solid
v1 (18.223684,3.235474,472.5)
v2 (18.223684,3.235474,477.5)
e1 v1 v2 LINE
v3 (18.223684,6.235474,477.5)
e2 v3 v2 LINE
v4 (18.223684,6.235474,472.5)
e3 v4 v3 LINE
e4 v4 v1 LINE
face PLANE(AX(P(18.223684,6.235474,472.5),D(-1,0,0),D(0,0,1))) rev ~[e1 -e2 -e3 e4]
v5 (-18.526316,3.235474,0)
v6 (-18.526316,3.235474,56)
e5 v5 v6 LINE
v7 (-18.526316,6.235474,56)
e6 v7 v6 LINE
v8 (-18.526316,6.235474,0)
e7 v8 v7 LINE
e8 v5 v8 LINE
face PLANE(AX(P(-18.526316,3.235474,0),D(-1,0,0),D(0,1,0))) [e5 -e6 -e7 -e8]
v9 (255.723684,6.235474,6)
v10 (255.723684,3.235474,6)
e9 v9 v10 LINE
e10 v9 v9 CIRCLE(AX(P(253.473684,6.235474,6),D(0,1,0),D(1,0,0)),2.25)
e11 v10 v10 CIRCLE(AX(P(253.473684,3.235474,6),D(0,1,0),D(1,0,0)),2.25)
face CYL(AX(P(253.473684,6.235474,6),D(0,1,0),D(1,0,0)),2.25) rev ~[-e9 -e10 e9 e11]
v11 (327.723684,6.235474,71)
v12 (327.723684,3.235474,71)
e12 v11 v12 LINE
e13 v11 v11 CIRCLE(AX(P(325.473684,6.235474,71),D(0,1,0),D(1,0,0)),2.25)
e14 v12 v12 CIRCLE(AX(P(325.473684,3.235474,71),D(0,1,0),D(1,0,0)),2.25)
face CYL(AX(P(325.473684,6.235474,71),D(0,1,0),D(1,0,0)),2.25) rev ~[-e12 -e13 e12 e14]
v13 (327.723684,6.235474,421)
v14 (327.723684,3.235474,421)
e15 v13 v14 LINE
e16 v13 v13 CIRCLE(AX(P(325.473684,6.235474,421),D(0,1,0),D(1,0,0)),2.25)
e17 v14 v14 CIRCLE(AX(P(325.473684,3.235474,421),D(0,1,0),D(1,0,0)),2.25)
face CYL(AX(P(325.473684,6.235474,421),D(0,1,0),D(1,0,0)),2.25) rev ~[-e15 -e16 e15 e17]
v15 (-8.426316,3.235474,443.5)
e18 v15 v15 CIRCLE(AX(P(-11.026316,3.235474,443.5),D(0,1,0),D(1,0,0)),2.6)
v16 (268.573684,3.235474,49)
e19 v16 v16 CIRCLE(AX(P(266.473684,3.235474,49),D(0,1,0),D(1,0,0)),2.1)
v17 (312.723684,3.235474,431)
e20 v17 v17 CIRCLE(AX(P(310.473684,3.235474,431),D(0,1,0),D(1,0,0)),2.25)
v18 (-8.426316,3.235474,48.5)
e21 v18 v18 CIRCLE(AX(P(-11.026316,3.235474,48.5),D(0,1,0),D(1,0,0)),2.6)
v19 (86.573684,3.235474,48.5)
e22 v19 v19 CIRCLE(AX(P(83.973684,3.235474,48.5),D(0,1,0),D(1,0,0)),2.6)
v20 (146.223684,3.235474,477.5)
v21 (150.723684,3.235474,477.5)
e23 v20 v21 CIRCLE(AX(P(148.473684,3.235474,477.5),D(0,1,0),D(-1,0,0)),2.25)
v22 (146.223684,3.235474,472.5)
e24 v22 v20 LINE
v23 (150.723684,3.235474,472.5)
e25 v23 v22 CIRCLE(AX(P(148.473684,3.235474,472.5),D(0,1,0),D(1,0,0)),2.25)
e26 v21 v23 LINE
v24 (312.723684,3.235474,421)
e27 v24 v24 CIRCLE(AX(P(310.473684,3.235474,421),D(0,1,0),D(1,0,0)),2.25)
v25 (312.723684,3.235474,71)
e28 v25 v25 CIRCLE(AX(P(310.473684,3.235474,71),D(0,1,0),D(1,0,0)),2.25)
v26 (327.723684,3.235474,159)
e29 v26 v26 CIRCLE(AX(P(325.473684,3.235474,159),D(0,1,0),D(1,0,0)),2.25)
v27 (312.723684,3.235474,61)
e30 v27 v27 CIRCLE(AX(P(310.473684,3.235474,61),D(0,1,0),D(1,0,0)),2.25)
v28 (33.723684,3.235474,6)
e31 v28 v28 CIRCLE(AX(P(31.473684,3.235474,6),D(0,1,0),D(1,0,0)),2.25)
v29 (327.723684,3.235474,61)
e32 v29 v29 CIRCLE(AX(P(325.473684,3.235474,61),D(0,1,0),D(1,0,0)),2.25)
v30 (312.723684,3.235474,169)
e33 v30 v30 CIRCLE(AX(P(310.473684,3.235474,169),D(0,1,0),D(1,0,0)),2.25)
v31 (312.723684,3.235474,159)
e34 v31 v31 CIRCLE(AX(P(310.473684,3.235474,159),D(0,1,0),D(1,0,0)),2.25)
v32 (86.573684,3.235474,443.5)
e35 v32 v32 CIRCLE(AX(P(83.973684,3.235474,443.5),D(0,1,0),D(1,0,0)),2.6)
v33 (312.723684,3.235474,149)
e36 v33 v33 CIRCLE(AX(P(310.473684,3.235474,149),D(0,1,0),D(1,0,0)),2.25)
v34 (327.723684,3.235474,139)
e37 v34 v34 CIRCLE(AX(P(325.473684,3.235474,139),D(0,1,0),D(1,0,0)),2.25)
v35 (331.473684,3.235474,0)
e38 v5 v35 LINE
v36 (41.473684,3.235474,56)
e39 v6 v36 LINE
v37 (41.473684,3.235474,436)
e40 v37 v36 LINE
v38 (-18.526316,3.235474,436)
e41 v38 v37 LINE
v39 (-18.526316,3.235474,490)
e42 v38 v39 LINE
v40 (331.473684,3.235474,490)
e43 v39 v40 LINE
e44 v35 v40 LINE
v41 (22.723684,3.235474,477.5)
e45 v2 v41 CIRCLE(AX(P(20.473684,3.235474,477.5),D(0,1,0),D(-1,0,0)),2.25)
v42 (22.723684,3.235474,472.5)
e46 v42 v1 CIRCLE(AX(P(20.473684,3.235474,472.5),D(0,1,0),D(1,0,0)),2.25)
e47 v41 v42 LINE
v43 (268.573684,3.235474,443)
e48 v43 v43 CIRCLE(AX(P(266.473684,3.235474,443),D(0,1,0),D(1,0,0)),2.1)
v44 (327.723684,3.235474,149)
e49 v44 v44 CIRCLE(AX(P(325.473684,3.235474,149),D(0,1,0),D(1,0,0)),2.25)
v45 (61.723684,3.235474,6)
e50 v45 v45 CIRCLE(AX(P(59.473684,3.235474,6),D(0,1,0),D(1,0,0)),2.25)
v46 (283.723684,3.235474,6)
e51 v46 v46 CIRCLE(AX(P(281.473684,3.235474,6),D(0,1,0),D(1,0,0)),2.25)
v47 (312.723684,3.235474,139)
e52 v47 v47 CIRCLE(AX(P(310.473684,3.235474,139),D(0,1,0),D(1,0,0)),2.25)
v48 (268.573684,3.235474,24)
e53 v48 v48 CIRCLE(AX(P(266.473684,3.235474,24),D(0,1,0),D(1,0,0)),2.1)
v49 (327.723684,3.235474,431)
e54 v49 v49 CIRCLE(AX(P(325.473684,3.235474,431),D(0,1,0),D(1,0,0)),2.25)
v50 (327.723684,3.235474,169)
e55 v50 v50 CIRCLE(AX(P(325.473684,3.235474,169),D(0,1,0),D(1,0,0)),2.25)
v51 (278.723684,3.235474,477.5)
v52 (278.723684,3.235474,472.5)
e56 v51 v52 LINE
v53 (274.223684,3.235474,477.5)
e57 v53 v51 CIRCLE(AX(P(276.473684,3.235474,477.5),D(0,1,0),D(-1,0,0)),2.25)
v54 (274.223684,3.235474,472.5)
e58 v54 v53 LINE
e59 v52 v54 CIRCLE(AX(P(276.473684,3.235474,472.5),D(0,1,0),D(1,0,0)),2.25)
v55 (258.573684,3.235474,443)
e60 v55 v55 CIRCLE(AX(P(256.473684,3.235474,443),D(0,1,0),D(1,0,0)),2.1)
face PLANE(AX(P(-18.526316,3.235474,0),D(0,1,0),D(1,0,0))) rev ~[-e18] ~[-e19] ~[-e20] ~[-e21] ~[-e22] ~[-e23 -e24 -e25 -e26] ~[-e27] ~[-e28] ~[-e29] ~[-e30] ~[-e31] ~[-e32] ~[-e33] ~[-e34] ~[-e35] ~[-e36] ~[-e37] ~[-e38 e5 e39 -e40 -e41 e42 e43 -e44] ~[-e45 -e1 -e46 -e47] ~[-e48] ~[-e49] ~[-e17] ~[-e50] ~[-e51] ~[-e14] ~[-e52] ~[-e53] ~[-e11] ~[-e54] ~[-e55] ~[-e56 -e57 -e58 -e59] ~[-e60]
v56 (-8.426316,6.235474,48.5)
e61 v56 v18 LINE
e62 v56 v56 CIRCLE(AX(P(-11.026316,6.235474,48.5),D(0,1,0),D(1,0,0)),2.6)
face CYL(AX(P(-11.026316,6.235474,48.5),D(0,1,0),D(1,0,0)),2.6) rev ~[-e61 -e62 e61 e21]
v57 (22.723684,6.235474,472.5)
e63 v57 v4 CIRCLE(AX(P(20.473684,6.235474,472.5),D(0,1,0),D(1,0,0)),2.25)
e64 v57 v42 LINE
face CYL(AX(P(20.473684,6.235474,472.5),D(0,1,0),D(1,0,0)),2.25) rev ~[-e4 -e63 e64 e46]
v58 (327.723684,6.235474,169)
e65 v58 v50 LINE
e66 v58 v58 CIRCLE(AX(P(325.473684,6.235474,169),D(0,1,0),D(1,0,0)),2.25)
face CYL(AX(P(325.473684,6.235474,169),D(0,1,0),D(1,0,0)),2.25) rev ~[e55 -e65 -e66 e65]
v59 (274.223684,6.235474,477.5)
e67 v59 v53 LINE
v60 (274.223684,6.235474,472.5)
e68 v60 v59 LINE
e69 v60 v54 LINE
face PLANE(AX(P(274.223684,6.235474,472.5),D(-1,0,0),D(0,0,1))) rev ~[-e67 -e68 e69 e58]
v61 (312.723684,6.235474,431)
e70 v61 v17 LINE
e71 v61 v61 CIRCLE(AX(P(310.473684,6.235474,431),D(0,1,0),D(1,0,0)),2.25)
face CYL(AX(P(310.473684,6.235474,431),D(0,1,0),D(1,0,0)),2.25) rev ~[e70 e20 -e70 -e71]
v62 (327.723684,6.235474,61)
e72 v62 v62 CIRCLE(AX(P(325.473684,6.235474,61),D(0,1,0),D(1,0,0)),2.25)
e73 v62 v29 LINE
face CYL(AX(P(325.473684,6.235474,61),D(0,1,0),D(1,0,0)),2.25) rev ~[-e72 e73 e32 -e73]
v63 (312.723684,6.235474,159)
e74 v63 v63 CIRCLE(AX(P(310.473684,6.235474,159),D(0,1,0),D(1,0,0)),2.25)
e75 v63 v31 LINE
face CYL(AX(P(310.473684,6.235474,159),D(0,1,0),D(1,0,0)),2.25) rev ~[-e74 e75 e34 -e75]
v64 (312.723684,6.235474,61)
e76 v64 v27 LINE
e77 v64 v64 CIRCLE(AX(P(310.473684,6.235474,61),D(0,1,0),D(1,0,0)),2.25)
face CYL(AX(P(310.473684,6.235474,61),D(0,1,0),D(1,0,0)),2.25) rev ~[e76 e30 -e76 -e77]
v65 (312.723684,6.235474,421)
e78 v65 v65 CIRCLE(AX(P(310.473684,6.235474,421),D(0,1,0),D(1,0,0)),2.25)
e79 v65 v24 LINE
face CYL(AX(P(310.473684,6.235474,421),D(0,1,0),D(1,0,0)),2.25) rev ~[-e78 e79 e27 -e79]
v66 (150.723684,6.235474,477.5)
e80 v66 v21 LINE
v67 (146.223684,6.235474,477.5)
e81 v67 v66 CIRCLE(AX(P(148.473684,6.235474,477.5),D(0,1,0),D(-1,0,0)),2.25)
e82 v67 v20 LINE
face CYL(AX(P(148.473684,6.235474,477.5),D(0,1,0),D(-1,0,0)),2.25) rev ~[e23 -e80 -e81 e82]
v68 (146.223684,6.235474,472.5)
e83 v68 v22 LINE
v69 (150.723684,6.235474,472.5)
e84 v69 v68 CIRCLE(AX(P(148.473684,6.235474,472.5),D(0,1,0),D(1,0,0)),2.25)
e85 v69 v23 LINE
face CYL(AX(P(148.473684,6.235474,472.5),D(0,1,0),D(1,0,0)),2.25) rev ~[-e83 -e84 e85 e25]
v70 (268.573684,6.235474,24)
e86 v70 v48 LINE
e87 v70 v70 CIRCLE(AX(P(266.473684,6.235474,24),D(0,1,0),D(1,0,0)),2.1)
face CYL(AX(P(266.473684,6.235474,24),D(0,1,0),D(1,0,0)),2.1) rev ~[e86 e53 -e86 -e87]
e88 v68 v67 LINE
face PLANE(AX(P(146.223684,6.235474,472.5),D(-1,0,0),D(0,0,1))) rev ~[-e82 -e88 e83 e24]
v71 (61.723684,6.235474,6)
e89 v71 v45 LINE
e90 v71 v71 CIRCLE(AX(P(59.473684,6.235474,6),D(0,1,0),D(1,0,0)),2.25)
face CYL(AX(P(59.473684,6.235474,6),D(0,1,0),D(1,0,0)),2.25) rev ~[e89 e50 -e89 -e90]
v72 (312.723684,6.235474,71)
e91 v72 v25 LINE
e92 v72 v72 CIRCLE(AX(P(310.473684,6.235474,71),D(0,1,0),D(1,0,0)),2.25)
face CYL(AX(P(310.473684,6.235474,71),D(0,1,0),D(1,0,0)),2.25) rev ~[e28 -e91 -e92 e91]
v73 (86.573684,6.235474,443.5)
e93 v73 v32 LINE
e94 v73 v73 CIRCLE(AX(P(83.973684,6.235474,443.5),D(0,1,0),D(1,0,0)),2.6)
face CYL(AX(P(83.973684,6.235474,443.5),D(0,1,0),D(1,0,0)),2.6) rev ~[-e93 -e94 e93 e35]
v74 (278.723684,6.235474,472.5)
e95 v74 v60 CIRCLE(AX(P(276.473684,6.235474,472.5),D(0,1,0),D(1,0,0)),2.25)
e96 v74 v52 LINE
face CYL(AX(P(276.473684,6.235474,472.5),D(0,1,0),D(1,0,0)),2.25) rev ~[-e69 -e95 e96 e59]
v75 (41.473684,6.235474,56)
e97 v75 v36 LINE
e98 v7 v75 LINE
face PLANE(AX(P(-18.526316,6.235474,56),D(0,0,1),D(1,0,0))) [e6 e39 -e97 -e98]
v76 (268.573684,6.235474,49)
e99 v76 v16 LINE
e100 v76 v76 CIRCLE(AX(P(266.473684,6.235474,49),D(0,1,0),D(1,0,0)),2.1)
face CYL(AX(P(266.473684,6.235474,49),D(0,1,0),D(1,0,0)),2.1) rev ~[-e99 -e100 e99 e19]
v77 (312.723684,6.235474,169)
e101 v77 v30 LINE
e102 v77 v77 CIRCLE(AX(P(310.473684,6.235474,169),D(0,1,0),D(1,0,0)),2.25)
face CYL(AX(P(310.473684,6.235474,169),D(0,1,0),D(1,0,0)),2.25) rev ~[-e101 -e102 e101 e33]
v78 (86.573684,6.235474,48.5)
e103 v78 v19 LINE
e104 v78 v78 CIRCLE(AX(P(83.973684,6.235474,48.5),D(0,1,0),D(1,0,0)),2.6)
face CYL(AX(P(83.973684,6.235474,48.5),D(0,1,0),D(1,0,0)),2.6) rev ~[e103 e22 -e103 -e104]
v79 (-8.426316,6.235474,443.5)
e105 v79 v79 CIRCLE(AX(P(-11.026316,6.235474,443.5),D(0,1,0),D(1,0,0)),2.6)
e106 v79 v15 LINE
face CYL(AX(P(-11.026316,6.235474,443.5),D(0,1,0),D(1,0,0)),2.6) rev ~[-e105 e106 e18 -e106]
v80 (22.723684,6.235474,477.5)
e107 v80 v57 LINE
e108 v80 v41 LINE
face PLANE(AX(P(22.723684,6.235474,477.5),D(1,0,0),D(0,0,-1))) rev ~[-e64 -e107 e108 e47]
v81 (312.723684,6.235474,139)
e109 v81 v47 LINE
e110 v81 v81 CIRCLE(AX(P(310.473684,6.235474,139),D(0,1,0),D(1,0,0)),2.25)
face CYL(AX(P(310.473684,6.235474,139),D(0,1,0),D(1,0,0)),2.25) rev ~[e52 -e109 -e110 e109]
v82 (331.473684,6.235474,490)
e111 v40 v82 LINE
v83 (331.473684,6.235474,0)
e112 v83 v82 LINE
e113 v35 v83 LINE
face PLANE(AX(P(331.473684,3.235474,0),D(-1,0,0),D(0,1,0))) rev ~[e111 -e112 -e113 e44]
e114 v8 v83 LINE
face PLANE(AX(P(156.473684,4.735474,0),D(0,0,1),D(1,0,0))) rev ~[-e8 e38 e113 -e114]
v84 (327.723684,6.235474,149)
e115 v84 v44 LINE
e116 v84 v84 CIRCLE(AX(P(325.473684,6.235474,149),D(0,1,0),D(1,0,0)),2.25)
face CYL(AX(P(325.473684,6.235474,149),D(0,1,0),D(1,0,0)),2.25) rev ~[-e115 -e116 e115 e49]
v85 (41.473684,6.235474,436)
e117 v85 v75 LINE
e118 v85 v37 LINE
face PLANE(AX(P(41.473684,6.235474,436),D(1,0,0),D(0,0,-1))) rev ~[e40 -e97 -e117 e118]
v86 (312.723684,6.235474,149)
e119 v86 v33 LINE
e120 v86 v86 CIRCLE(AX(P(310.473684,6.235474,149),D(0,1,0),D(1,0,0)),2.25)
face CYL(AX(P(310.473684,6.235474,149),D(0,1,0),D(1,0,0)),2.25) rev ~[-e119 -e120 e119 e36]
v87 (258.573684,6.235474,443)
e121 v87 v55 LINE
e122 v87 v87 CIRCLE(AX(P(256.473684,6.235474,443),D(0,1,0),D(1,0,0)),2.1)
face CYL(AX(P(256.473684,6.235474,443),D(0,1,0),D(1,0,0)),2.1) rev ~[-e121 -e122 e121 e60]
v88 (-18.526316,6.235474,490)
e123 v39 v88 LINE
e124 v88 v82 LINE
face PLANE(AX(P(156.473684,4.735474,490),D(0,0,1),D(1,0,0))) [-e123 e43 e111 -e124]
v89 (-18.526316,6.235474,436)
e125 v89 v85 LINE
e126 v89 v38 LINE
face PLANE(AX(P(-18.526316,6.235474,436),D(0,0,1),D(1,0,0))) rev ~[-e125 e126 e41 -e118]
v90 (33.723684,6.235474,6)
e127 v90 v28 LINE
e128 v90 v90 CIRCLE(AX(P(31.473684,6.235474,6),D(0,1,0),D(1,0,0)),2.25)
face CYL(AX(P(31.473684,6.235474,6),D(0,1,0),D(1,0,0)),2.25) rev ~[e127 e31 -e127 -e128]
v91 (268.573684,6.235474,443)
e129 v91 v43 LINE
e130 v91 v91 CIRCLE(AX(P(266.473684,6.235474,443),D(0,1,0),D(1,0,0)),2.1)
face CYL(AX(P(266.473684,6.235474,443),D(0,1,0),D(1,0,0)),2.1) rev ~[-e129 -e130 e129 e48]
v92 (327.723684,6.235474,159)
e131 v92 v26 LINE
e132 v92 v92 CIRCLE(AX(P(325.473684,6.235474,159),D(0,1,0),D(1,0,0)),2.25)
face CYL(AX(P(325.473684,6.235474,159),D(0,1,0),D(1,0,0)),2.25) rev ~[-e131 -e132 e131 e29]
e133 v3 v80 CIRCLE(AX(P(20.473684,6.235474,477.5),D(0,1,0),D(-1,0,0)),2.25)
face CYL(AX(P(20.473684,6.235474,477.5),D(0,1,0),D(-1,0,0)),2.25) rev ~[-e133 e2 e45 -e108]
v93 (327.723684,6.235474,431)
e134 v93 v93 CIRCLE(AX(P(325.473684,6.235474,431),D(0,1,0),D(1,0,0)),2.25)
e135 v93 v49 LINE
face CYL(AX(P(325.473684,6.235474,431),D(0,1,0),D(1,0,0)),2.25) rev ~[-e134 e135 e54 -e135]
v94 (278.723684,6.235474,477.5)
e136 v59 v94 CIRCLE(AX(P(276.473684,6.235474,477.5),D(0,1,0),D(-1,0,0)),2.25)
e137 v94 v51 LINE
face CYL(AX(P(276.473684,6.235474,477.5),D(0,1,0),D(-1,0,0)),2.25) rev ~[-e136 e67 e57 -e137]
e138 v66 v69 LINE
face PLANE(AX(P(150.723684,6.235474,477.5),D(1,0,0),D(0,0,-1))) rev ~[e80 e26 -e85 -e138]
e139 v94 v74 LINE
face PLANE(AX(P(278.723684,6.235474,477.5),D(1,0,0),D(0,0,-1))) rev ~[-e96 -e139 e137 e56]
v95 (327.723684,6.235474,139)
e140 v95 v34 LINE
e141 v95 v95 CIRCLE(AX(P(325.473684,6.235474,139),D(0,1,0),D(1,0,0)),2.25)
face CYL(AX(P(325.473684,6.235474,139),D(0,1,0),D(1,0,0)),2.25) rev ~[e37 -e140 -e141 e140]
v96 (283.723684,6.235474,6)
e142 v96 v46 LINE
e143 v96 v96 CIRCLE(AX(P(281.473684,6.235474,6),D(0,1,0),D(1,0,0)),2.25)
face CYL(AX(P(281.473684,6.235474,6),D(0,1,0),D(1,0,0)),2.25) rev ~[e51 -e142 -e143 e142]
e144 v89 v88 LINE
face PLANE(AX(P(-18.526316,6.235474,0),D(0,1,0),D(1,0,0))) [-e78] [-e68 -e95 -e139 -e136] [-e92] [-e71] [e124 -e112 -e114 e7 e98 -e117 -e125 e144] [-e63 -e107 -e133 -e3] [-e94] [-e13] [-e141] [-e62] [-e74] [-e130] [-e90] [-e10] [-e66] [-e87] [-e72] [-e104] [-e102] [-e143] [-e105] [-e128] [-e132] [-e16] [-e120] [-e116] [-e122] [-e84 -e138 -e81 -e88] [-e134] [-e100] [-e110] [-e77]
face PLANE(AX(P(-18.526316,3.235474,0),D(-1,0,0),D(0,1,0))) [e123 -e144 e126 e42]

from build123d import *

# Parameters (mm, degrees)
SKETCH_1_W          = 350
SKETCH_1_H          = 3
EXTRUDE_1_DEPTH     = 490
SKETCH_2_R          = 2.6
SKETCH_2_R_2        = 2.25
SKETCH_2_R_3        = 2.1
SKETCH_2_W          = 60
SKETCH_2_H          = 380
CUT_EXTRUDE_1_DEPTH = 50


with BuildPart() as part:
    # 草图1 → 凸台-拉伸1 (new body)
    with BuildSketch(Plane.XY):
        with Locations((156.473684211, 4.735473664)):
            Rectangle(SKETCH_1_W, SKETCH_1_H)
    extrude(amount=EXTRUDE_1_DEPTH)

    # 草图2 → 切除-拉伸1 (cut)
    with BuildSketch(Plane(origin=(0, 6.235473664, 0), x_dir=(1, 0, 0), z_dir=(0, 1, 0))):
        with Locations((-11.026315789, -48.5)):
            Circle(SKETCH_2_R)
        with Locations((83.973684211, -48.5)):
            Circle(SKETCH_2_R)
        with Locations((-11.026315789, -443.5)):
            Circle(SKETCH_2_R)
        with Locations((83.973684211, -443.5)):
            Circle(SKETCH_2_R)
        with Locations((310.473684211, -159)):
            Circle(SKETCH_2_R_2)
        with Locations((325.473684211, -159)):
            Circle(SKETCH_2_R_2)
        with Locations((325.473684211, -169)):
            Circle(SKETCH_2_R_2)
        with Locations((310.473684211, -169)):
            Circle(SKETCH_2_R_2)
        with Locations((310.473684211, -431)):
            Circle(SKETCH_2_R_2)
        with Locations((325.473684211, -431)):
            Circle(SKETCH_2_R_2)
        with Locations((325.473684211, -421)):
            Circle(SKETCH_2_R_2)
        with Locations((310.473684211, -421)):
            Circle(SKETCH_2_R_2)
        with Locations((325.473684211, -149)):
            Circle(SKETCH_2_R_2)
        with Locations((310.473684211, -149)):
            Circle(SKETCH_2_R_2)
        with Locations((310.473684211, -139)):
            Circle(SKETCH_2_R_2)
        with Locations((325.473684211, -139)):
            Circle(SKETCH_2_R_2)
        with Locations((310.473684211, -71)):
            Circle(SKETCH_2_R_2)
        with Locations((310.473684211, -61)):
            Circle(SKETCH_2_R_2)
        with Locations((325.473684211, -61)):
            Circle(SKETCH_2_R_2)
        with Locations((325.473684211, -71)):
            Circle(SKETCH_2_R_2)
        with Locations((281.473684211, -6)):
            Circle(SKETCH_2_R_2)
        with Locations((253.473684211, -6)):
            Circle(SKETCH_2_R_2)
        with Locations((31.473684211, -6)):
            Circle(SKETCH_2_R_2)
        with Locations((59.473684211, -6)):
            Circle(SKETCH_2_R_2)
        with Locations((266.473684211, -24)):
            Circle(SKETCH_2_R_3)
        with Locations((266.473684211, -49)):
            Circle(SKETCH_2_R_3)
        with Locations((266.473684211, -443)):
            Circle(SKETCH_2_R_3)
        with Locations((256.473684211, -443)):
            Circle(SKETCH_2_R_3)
        with Locations((11.473684211, -246)):
            Rectangle(SKETCH_2_W, SKETCH_2_H)
        with BuildLine():
            Line((274.223684211, -472.5), (274.223684211, -477.5))
            ThreePointArc((274.223684211, -477.5), (276.473684211, -479.75), (278.723684211, -477.5))
            Line((278.723684211, -477.5), (278.723684211, -472.5))
            ThreePointArc((278.723684211, -472.5), (276.473684211, -470.25), (274.223684211, -472.5))
        make_face()
        with BuildLine():
            Line((146.223684211, -472.5), (146.223684211, -477.5))
            ThreePointArc((146.223684211, -477.5), (148.473684211, -479.75), (150.723684211, -477.5))
            Line((150.723684211, -477.5), (150.723684211, -472.5))
            ThreePointArc((150.723684211, -472.5), (148.473684211, -470.25), (146.223684211, -472.5))
        make_face()
        with BuildLine():
            Line((18.223684211, -472.5), (18.223684211, -477.5))
            ThreePointArc((18.223684211, -477.5), (20.473684211, -479.75), (22.723684211, -477.5))
            Line((22.723684211, -477.5), (22.723684211, -472.5))
            ThreePointArc((22.723684211, -472.5), (20.473684211, -470.25), (18.223684211, -472.5))
        make_face()
    extrude(amount=-CUT_EXTRUDE_1_DEPTH, mode=Mode.SUBTRACT)


solid = part.part
